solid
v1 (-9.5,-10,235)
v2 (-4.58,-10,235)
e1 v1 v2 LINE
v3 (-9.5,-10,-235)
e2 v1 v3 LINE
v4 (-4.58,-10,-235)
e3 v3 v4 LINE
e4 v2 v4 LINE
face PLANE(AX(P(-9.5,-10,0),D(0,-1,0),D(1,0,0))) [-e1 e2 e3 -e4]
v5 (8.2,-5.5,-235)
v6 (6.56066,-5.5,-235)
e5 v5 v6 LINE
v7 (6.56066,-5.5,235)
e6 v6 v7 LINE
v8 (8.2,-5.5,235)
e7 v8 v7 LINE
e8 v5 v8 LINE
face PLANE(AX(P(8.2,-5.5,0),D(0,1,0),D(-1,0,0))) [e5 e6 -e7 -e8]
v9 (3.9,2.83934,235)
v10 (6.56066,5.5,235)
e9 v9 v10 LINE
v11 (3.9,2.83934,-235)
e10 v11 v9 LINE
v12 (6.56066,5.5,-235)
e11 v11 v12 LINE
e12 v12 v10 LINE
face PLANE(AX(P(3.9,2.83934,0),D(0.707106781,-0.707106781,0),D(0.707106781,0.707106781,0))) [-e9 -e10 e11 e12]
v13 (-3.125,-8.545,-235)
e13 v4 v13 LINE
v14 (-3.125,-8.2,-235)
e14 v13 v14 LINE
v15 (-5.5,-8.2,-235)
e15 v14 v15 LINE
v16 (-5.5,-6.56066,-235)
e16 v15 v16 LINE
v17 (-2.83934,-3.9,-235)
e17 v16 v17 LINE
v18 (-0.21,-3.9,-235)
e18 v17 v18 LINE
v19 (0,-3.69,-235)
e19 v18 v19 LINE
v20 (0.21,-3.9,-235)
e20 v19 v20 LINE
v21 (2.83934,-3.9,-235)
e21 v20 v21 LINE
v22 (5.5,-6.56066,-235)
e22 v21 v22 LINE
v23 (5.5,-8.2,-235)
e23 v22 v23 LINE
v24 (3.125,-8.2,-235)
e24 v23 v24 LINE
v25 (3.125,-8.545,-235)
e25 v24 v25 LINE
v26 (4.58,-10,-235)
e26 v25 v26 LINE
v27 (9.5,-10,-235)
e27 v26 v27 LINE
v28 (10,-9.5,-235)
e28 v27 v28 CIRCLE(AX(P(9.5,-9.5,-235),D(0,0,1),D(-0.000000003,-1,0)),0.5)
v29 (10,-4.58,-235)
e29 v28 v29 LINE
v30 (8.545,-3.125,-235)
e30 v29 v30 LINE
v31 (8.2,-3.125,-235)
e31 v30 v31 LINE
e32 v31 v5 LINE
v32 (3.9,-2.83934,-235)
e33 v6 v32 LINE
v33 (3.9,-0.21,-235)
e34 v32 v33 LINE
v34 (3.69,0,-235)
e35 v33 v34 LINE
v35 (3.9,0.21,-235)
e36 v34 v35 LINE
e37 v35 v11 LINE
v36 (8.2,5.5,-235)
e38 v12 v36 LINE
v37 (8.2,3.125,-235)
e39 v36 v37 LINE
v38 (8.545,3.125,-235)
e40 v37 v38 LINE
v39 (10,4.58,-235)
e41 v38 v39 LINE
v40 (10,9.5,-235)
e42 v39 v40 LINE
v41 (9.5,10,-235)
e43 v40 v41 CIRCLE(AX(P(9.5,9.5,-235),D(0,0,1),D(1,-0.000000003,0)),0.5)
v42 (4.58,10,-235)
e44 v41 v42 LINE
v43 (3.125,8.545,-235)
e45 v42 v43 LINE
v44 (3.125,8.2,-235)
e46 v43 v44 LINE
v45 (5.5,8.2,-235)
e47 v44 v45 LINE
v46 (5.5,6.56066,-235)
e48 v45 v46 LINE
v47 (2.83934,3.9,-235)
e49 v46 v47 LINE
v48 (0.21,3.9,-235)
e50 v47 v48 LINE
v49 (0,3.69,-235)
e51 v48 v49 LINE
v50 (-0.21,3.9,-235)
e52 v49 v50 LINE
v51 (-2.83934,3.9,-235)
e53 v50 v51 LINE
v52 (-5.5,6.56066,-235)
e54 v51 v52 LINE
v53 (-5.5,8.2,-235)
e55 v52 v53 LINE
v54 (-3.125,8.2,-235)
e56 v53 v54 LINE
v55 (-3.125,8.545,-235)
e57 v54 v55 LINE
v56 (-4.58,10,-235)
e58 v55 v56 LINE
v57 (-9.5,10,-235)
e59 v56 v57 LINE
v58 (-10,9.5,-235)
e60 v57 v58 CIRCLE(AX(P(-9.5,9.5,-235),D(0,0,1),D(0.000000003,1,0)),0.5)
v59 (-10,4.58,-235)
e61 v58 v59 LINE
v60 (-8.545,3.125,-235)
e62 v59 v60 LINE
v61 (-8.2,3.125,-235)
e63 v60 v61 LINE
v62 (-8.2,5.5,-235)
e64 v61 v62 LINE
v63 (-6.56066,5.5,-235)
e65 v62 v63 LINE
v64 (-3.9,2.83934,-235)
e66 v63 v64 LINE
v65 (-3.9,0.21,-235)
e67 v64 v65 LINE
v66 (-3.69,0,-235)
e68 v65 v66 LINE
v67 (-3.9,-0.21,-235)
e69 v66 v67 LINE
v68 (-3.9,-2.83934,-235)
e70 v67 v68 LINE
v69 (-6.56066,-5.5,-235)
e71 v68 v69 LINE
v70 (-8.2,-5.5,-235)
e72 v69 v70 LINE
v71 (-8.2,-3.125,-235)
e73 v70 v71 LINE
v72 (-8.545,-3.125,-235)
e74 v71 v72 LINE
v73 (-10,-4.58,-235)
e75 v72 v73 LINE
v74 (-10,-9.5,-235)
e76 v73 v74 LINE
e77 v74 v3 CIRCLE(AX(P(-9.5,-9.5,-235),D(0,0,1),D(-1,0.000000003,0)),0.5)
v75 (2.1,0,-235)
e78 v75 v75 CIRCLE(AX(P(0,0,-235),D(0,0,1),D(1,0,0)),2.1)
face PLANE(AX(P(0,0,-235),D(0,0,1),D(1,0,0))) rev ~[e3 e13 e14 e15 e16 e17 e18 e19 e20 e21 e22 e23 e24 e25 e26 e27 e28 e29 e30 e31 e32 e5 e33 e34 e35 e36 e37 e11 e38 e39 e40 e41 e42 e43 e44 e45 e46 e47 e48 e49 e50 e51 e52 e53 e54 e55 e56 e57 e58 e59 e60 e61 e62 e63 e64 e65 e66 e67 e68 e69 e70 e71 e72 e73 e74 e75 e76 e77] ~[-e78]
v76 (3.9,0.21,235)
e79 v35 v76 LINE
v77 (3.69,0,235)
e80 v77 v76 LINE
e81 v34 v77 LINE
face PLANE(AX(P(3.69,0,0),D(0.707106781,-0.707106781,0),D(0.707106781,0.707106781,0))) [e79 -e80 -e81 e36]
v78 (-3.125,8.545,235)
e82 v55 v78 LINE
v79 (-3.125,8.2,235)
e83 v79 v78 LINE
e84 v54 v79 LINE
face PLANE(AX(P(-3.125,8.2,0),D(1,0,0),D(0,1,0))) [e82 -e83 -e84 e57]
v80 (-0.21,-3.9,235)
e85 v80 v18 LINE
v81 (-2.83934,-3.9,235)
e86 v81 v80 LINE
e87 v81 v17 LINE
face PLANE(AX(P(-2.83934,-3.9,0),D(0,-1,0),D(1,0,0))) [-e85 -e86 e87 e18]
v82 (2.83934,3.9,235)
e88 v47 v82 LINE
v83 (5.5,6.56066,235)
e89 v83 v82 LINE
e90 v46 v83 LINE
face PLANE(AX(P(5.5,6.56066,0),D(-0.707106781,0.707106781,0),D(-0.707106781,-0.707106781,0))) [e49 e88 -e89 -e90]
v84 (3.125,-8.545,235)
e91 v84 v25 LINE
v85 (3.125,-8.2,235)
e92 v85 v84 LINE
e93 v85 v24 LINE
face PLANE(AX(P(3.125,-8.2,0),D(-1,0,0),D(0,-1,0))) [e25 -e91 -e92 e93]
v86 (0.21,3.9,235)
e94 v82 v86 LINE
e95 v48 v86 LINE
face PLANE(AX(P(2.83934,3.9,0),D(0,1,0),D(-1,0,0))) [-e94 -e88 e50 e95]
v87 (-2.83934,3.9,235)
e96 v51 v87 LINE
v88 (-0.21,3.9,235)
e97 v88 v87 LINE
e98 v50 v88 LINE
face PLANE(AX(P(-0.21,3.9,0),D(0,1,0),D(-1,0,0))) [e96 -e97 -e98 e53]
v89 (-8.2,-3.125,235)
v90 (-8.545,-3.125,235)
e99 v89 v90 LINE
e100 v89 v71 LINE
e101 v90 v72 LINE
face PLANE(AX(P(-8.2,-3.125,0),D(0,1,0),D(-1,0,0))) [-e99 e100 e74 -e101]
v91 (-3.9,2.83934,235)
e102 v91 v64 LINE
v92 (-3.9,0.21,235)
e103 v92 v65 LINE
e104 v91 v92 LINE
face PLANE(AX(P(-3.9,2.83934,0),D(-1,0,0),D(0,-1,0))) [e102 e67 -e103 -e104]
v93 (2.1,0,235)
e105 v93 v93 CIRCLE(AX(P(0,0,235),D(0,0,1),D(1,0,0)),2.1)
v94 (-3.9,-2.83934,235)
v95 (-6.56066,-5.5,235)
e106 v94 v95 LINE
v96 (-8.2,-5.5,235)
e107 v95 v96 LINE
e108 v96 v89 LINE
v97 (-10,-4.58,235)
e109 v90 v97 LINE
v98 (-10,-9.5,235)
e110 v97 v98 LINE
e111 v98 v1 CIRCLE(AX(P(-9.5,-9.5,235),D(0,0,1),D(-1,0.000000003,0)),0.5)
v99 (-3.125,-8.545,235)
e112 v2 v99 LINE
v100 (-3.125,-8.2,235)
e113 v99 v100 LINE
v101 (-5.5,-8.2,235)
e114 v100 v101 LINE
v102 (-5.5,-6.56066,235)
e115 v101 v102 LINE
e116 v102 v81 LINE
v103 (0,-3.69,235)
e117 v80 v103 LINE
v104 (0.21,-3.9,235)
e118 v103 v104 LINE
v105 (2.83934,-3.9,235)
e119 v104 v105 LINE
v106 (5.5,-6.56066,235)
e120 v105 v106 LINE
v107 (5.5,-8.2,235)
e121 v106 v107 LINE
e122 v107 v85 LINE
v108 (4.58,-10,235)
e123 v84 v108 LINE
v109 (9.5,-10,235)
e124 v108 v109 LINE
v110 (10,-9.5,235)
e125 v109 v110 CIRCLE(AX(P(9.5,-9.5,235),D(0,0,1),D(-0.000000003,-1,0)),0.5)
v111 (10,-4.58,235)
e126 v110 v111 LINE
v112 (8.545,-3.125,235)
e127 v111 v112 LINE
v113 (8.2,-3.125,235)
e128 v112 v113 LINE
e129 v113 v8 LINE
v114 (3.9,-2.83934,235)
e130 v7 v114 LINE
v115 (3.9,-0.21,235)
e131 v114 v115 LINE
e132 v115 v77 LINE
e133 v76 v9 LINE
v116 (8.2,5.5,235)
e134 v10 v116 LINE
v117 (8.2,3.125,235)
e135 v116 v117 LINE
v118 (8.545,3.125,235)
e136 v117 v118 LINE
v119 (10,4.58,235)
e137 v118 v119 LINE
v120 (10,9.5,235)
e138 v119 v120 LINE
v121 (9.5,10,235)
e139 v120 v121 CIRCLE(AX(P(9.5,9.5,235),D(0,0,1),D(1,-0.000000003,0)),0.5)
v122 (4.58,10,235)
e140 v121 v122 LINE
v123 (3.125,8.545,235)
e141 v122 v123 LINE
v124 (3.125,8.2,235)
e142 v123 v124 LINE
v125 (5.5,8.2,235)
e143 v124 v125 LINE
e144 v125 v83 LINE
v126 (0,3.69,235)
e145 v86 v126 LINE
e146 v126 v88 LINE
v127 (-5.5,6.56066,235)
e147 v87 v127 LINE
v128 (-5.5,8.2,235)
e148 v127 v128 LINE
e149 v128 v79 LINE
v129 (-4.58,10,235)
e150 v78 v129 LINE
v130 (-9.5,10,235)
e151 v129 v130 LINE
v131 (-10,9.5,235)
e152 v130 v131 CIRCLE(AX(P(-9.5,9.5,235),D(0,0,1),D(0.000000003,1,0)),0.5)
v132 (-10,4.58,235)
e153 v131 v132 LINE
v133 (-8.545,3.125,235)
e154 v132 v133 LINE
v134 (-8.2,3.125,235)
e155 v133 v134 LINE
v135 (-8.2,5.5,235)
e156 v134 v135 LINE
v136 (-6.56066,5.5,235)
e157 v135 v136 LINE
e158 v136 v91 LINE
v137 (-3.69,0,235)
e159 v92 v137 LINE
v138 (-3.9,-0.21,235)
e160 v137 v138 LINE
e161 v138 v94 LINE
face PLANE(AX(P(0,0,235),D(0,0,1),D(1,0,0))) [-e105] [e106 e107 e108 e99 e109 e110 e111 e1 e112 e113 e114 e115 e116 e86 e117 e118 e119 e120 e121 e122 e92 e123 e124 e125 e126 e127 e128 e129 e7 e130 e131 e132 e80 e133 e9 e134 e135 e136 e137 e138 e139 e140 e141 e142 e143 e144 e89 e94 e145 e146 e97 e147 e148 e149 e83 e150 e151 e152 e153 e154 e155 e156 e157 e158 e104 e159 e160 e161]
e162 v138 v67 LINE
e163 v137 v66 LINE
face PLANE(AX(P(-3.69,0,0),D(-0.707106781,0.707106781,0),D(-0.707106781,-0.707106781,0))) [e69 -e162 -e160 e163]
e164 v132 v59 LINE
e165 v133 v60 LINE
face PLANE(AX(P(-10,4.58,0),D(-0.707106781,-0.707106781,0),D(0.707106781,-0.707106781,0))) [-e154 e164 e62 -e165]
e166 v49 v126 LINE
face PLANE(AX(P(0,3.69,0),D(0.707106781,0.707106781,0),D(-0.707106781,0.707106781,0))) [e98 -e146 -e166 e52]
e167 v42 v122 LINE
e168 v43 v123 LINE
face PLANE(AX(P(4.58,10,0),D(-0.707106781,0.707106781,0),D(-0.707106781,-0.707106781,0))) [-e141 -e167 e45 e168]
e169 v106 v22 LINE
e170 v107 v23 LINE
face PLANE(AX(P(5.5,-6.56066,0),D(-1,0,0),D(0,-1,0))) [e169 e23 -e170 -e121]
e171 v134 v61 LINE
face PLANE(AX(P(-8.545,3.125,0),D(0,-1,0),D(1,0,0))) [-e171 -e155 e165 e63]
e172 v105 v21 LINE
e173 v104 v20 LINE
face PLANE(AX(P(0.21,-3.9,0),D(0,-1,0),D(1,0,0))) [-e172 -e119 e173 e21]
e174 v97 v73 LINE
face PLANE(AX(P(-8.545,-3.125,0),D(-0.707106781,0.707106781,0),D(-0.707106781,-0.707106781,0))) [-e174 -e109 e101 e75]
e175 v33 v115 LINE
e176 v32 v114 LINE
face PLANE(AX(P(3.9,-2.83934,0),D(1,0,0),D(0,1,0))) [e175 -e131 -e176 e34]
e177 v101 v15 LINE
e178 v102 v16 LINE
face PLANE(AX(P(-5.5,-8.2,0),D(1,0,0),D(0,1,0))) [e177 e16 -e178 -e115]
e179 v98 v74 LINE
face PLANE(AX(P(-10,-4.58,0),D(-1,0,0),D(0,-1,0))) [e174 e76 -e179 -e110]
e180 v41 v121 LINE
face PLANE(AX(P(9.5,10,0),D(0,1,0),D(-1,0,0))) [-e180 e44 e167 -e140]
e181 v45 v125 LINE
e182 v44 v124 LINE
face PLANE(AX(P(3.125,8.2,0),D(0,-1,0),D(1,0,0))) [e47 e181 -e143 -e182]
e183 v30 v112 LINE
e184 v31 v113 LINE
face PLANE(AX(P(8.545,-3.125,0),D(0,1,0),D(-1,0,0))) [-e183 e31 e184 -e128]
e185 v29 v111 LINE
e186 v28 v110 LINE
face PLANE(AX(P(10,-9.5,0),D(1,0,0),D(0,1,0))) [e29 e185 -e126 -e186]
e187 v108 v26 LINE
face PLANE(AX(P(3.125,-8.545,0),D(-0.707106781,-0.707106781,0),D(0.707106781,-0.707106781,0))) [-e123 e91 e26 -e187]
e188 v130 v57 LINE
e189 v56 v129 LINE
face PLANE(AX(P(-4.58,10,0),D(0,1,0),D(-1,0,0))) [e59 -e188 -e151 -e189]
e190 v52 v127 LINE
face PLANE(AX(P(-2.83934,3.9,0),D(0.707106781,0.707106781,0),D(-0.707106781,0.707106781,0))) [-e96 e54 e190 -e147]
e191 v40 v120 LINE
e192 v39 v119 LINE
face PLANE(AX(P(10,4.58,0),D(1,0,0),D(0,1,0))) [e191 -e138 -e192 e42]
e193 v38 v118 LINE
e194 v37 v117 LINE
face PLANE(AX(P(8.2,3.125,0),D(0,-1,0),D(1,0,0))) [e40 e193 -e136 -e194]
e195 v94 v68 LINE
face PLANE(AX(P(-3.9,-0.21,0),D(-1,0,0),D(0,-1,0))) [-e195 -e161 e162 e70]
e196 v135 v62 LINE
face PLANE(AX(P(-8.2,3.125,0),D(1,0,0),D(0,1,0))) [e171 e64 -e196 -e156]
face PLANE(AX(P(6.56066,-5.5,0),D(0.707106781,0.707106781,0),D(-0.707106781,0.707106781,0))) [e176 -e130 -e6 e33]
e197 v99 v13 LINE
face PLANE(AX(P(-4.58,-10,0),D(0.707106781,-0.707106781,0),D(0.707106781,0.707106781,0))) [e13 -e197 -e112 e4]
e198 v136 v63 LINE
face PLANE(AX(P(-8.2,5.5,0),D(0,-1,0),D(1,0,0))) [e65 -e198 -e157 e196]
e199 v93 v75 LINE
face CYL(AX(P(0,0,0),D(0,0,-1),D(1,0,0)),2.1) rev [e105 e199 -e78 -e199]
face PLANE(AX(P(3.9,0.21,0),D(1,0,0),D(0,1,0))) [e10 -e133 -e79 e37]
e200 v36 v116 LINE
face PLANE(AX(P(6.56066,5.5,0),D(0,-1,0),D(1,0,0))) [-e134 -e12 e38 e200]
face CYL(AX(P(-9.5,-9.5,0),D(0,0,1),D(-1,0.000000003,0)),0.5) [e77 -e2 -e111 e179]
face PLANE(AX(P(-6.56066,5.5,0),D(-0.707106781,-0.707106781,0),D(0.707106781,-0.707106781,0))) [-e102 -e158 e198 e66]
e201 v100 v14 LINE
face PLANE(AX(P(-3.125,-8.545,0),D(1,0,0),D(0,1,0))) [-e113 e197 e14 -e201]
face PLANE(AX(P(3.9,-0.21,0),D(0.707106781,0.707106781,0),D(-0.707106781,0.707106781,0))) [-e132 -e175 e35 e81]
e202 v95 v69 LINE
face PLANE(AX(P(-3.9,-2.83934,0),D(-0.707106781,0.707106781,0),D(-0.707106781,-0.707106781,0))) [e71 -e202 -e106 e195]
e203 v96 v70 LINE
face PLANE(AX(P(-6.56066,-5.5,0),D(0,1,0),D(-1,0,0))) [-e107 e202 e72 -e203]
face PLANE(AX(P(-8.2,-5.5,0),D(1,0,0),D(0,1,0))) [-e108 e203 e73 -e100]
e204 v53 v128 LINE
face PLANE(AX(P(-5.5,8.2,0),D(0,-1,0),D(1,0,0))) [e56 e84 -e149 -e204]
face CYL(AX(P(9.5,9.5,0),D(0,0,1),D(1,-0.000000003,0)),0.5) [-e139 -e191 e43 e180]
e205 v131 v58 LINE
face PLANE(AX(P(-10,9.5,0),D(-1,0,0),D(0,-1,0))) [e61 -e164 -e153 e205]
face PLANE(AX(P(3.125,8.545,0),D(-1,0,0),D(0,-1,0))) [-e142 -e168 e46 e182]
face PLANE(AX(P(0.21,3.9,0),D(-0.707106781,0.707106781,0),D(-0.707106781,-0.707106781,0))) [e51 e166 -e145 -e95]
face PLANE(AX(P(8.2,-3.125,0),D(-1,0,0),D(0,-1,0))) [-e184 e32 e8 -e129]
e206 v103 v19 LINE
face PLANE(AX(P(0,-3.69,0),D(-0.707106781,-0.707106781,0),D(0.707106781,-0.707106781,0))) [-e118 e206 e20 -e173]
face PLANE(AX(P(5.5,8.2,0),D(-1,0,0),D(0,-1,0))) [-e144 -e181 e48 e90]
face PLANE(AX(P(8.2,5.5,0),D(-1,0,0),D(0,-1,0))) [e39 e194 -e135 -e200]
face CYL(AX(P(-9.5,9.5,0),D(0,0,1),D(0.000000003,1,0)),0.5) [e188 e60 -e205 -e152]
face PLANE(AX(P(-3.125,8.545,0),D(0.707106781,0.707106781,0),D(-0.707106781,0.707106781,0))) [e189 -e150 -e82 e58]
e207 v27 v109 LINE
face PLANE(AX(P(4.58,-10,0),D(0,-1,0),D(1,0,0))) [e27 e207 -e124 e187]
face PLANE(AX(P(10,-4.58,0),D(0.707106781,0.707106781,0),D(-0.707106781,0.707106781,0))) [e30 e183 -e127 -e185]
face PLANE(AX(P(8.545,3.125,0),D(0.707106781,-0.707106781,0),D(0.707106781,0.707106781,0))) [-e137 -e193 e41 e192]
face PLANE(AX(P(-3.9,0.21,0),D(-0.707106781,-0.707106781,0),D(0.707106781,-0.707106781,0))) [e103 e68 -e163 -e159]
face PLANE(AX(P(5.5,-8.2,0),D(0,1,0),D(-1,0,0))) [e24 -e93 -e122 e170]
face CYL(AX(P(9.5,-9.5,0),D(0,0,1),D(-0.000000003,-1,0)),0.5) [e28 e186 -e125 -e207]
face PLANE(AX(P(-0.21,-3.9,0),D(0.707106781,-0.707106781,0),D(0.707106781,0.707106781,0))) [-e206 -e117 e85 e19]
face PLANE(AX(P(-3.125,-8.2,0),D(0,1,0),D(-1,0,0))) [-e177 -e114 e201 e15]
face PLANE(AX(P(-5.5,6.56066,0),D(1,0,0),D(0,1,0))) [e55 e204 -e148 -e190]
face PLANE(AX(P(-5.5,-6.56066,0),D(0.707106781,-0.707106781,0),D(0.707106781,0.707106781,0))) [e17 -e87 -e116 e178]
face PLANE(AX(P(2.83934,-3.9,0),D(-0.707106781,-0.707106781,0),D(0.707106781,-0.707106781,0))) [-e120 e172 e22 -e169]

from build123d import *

# Parameters (mm, degrees)
SKETCH1_R           = 2.1
BOSS_EXTRUDE1_DEPTH = 235


with BuildPart() as part:
    # Sketch1 → Boss-Extrude1 (new body, symmetric)
    with BuildSketch(Plane.XY):
        with BuildLine():
            Line((4.58, -10), (9.5, -10))
            ThreePointArc((9.5, -10), (9.853553391, -9.853553391), (10, -9.5))
            Line((10, -9.5), (10, -4.58))
            Line((10, -4.58), (8.545, -3.125))
            Line((8.545, -3.125), (8.2, -3.125))
            Line((8.2, -3.125), (8.2, -5.5))
            Line((8.2, -5.5), (6.560660172, -5.5))
            Line((6.560660172, -5.5), (3.9, -2.839339828))
            Line((3.9, -2.839339828), (3.9, -0.21))
            Line((3.9, -0.21), (3.69, 0))
            Line((3.69, 0), (3.9, 0.21))
            Line((3.9, 0.21), (3.9, 2.839339828))
            Line((3.9, 2.839339828), (6.560660172, 5.5))
            Line((6.560660172, 5.5), (8.2, 5.5))
            Line((8.2, 5.5), (8.2, 3.125))
            Line((8.2, 3.125), (8.545, 3.125))
            Line((8.545, 3.125), (10, 4.58))
            Line((10, 4.58), (10, 9.5))
            ThreePointArc((10, 9.5), (9.853553391, 9.853553391), (9.5, 10))
            Line((9.5, 10), (4.58, 10))
            Line((4.58, 10), (3.125, 8.545))
            Line((3.125, 8.545), (3.125, 8.2))
            Line((3.125, 8.2), (5.5, 8.2))
            Line((5.5, 8.2), (5.5, 6.560660172))
            Line((5.5, 6.560660172), (2.839339828, 3.9))
            Line((2.839339828, 3.9), (0.21, 3.9))
            Line((0.21, 3.9), (0, 3.69))
            Line((0, 3.69), (-0.21, 3.9))
            Line((-0.21, 3.9), (-2.839339828, 3.9))
            Line((-2.839339828, 3.9), (-5.5, 6.560660172))
            Line((-5.5, 6.560660172), (-5.5, 8.2))
            Line((-5.5, 8.2), (-3.125, 8.2))
            Line((-3.125, 8.2), (-3.125, 8.545))
            Line((-3.125, 8.545), (-4.58, 10))
            Line((-4.58, 10), (-9.5, 10))
            ThreePointArc((-9.5, 10), (-9.853553391, 9.853553391), (-10, 9.5))
            Line((-10, 9.5), (-10, 4.58))
            Line((-10, 4.58), (-8.545, 3.125))
            Line((-8.545, 3.125), (-8.2, 3.125))
            Line((-8.2, 3.125), (-8.2, 5.5))
            Line((-8.2, 5.5), (-6.560660172, 5.5))
            Line((-6.560660172, 5.5), (-3.9, 2.839339828))
            Line((-3.9, 2.839339828), (-3.9, 0.21))
            Line((-3.9, 0.21), (-3.69, 0))
            Line((-3.69, 0), (-3.9, -0.21))
            Line((-3.9, -0.21), (-3.9, -2.839339828))
            Line((-3.9, -2.839339828), (-6.560660172, -5.5))
            Line((-6.560660172, -5.5), (-8.2, -5.5))
            Line((-8.2, -5.5), (-8.2, -3.125))
            Line((-8.2, -3.125), (-8.545, -3.125))
            Line((-8.545, -3.125), (-10, -4.58))
            Line((-10, -4.58), (-10, -9.5))
            ThreePointArc((-10, -9.5), (-9.853553391, -9.853553391), (-9.5, -10))
            Line((-9.5, -10), (-4.58, -10))
            Line((-4.58, -10), (-3.125, -8.545))
            Line((-3.125, -8.545), (-3.125, -8.2))
            Line((-3.125, -8.2), (-5.5, -8.2))
            Line((-5.5, -8.2), (-5.5, -6.560660172))
            Line((-5.5, -6.560660172), (-2.839339828, -3.9))
            Line((-2.839339828, -3.9), (-0.21, -3.9))
            Line((-0.21, -3.9), (0, -3.69))
            Line((0, -3.69), (0.21, -3.9))
            Line((0.21, -3.9), (2.839339828, -3.9))
            Line((2.839339828, -3.9), (5.5, -6.560660172))
            Line((5.5, -6.560660172), (5.5, -8.2))
            Line((5.5, -8.2), (3.125, -8.2))
            Line((3.125, -8.2), (3.125, -8.545))
            Line((3.125, -8.545), (4.58, -10))
        make_face()
        Circle(SKETCH1_R, mode=Mode.SUBTRACT)
    extrude(amount=BOSS_EXTRUDE1_DEPTH, both=True)


solid = part.part
